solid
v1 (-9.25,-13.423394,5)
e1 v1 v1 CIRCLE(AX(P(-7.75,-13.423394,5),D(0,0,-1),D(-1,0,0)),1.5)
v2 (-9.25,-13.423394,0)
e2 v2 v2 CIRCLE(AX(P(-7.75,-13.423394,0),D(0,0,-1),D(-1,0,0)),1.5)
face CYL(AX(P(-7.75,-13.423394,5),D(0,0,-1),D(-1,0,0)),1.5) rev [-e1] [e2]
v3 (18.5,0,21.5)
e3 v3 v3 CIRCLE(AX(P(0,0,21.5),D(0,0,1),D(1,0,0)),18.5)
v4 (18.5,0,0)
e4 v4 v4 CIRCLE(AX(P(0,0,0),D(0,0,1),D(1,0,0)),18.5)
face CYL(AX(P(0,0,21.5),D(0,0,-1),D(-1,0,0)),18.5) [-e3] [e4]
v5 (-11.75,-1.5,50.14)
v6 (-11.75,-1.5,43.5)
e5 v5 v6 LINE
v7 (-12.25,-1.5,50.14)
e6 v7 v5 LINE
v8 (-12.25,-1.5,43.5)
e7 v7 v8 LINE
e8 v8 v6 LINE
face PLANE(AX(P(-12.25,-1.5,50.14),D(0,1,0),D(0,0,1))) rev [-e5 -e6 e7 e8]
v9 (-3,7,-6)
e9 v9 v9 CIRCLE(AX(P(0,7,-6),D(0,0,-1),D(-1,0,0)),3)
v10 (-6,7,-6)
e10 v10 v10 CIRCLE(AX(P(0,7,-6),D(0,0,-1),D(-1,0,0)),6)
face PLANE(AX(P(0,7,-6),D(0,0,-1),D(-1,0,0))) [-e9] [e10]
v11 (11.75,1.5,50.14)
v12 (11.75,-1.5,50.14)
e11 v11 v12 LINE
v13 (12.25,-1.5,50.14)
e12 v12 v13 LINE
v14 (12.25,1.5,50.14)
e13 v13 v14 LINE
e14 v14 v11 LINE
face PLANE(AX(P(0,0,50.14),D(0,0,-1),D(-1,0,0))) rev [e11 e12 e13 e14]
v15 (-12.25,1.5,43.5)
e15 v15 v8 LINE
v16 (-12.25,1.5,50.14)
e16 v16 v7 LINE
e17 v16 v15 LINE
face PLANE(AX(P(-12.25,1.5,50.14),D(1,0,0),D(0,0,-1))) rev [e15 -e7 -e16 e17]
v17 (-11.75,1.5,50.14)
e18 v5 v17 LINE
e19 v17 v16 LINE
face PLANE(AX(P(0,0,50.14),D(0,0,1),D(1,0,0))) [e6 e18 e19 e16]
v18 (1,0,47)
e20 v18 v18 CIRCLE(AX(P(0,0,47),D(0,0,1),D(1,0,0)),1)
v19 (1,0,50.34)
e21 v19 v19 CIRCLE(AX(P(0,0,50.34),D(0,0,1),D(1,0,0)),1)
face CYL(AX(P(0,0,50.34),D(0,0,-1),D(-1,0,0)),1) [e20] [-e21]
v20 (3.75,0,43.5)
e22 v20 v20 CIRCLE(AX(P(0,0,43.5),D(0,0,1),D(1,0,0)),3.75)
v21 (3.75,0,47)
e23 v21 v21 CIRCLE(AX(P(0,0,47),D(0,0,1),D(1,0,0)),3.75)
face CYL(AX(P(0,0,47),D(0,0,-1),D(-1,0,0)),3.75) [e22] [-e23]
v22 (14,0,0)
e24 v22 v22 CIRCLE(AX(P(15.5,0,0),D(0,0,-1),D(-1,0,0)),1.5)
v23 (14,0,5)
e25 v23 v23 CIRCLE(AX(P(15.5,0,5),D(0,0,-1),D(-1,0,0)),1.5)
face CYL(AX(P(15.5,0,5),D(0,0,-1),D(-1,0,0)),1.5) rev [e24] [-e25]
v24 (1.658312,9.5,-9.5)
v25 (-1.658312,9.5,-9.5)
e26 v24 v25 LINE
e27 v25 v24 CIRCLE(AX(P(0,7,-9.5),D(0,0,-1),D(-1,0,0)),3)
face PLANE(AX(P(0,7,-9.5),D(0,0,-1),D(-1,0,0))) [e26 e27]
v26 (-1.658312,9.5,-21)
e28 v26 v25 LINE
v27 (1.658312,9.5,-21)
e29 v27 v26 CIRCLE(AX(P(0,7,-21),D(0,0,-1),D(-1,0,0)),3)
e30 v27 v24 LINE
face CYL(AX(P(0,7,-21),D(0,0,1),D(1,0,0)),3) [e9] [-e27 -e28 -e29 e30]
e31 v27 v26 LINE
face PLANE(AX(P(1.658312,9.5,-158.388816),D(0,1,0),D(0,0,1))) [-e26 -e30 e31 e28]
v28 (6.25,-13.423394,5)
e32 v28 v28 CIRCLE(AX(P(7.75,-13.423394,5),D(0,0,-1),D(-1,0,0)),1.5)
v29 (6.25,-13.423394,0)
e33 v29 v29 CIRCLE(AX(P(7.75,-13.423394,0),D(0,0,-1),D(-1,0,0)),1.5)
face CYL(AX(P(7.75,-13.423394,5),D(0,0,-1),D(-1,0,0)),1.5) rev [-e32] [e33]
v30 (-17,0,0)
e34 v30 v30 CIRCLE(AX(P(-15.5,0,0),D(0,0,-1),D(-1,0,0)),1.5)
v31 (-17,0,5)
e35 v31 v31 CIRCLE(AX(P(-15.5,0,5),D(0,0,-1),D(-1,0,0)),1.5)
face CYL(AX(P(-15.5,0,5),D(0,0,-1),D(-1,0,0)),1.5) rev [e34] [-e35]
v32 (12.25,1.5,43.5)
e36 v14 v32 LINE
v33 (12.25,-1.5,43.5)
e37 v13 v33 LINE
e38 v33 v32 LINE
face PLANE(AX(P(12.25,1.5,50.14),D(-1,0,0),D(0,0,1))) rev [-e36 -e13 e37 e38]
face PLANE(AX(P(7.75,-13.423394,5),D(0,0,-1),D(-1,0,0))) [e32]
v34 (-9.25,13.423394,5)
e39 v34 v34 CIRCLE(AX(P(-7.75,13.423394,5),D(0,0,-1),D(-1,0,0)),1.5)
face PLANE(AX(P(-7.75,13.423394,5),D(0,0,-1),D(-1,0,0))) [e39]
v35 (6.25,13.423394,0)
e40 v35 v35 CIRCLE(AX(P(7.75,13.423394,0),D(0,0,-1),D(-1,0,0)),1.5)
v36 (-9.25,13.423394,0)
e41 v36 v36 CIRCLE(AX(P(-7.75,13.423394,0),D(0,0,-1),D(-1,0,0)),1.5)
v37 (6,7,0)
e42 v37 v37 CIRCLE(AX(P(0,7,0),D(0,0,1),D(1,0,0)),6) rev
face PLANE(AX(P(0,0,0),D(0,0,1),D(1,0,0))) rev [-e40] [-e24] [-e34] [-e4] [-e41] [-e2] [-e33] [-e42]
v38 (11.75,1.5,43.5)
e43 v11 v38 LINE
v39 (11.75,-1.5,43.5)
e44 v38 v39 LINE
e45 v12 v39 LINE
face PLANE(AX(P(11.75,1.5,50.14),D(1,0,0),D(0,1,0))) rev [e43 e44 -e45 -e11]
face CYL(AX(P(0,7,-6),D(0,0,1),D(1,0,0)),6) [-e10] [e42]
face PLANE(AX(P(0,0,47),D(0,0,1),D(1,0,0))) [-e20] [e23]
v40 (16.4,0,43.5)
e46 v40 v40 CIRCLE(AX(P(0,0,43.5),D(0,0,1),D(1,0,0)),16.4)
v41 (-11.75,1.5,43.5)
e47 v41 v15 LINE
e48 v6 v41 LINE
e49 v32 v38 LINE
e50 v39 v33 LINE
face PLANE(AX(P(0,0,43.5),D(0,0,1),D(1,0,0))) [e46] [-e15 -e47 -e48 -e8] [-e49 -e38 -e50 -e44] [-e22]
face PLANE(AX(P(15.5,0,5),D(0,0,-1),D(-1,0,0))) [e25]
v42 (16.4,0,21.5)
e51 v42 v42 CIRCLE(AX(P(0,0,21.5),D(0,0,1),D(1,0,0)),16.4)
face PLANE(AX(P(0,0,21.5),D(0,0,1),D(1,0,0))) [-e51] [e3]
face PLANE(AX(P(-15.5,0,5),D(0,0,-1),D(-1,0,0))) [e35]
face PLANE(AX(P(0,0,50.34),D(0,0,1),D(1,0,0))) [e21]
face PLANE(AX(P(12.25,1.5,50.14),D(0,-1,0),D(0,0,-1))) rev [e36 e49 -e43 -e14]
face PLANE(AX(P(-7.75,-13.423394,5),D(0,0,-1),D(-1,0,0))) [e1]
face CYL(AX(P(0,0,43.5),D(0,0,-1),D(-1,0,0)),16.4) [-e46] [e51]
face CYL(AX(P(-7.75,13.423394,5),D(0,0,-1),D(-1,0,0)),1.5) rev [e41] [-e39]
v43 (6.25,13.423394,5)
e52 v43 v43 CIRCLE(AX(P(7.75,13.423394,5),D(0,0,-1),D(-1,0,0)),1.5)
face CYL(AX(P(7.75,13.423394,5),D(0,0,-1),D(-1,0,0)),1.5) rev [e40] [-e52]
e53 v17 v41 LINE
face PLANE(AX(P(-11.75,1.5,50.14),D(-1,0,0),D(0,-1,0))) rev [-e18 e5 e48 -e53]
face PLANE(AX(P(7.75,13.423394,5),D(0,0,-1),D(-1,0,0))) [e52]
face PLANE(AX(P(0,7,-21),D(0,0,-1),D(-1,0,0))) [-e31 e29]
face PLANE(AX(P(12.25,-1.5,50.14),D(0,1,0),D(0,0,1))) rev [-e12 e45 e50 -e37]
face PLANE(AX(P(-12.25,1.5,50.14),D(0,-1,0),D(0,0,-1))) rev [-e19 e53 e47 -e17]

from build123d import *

# Parameters (mm, degrees)
SKETCH_1_R               = 18.5
EXTRUDE_1_DEPTH          = 21.5
SKETCH_2_R               = 6
EXTRUDE_2_DEPTH          = 6
SKETCH_3_R               = 3
EXTRUDE_3_DEPTH          = 15
CUT_EXTRUDE_1_DEPTH      = 1
CUT_EXTRUDE_1_DEPTH_BACK = 11.5
SKETCH_5_R               = 1.5
CUT_EXTRUDE_2_DEPTH      = 5
SKETCH_6_R               = 16.4
EXTRUDE_4_DEPTH          = 22
SKETCH_7_R               = 1
EXTRUDE_5_DEPTH          = 6.84
SKETCH_8_R               = 3.75
EXTRUDE_6_DEPTH          = 3.5
SKETCH_9_W               = 0.5
SKETCH_9_H               = 3
EXTRUDE_7_DEPTH          = 6.64


with BuildPart() as part:
    # 草图1 → 凸台-拉伸1 (new body)
    with BuildSketch(Plane.XY):
        Circle(SKETCH_1_R)
    extrude(amount=EXTRUDE_1_DEPTH)

    # 草图2 → 凸台-拉伸2 (add)
    with BuildSketch(Plane(origin=(0, 0, 0), x_dir=(-1, 0, 0), z_dir=(0, 0, -1))):
        with Locations((0, 7)):
            Circle(SKETCH_2_R)
    extrude(amount=EXTRUDE_2_DEPTH)

    # 草图3 → 凸台-拉伸3 (add)
    with BuildSketch(Plane(origin=(0, 0, -6), x_dir=(-1, 0, 0), z_dir=(0, 0, -1))):
        with Locations((0, 7)):
            Circle(SKETCH_3_R)
    extrude(amount=EXTRUDE_3_DEPTH)

    # 草图4 → 切除-拉伸1 (cut, two sides)
    with BuildSketch(Plane(origin=(0, 0, -21), x_dir=(-1, 0, 0), z_dir=(0, 0, -1))) as cut_extrude_1_sk:
        Polygon((-80.661429966, 9.5), (-1.658312395, 9.5), (1.658312395, 9.5), (80.661429966, 9.5), (80.661429966, 167.506235142), (-80.661429966, 167.506235142), align=None)
    extrude(amount=CUT_EXTRUDE_1_DEPTH, mode=Mode.SUBTRACT)
    extrude(cut_extrude_1_sk.sketch, amount=-CUT_EXTRUDE_1_DEPTH_BACK, mode=Mode.SUBTRACT)

    # 草图5 → 切除-拉伸2 (cut)
    with BuildSketch(Plane(origin=(0, 0, 0), x_dir=(-1, 0, 0), z_dir=(0, 0, -1))):
        with Locations((15.5, 0)):
            Circle(SKETCH_5_R)
        with Locations((7.75, -13.423393759)):
            Circle(SKETCH_5_R)
        with Locations((-7.75, -13.423393759)):
            Circle(SKETCH_5_R)
        with Locations((-15.5, 0)):
            Circle(SKETCH_5_R)
        with Locations((-7.75, 13.423393759)):
            Circle(SKETCH_5_R)
        with Locations((7.75, 13.423393759)):
            Circle(SKETCH_5_R)
    extrude(amount=-CUT_EXTRUDE_2_DEPTH, mode=Mode.SUBTRACT)

    # 草图6 → 凸台-拉伸4 (add)
    with BuildSketch(Plane.XY.offset(21.5)):
        Circle(SKETCH_6_R)
    extrude(amount=EXTRUDE_4_DEPTH)

    # 草图7 → 凸台-拉伸5 (add)
    with BuildSketch(Plane.XY.offset(43.5)):
        Circle(SKETCH_7_R)
    extrude(amount=EXTRUDE_5_DEPTH)

    # 草图8 → 凸台-拉伸6 (add)
    with BuildSketch(Plane.XY.offset(43.5)):
        Circle(SKETCH_8_R)
    extrude(amount=EXTRUDE_6_DEPTH)

    # 草图9 → 凸台-拉伸7 (add)
    with BuildSketch(Plane.XY.offset(43.5)):
        with Locations((-12, 0)):
            Rectangle(SKETCH_9_W, SKETCH_9_H)
        with Locations((12, 0)):
            Rectangle(SKETCH_9_W, SKETCH_9_H)
    extrude(amount=EXTRUDE_7_DEPTH)


solid = part.part
